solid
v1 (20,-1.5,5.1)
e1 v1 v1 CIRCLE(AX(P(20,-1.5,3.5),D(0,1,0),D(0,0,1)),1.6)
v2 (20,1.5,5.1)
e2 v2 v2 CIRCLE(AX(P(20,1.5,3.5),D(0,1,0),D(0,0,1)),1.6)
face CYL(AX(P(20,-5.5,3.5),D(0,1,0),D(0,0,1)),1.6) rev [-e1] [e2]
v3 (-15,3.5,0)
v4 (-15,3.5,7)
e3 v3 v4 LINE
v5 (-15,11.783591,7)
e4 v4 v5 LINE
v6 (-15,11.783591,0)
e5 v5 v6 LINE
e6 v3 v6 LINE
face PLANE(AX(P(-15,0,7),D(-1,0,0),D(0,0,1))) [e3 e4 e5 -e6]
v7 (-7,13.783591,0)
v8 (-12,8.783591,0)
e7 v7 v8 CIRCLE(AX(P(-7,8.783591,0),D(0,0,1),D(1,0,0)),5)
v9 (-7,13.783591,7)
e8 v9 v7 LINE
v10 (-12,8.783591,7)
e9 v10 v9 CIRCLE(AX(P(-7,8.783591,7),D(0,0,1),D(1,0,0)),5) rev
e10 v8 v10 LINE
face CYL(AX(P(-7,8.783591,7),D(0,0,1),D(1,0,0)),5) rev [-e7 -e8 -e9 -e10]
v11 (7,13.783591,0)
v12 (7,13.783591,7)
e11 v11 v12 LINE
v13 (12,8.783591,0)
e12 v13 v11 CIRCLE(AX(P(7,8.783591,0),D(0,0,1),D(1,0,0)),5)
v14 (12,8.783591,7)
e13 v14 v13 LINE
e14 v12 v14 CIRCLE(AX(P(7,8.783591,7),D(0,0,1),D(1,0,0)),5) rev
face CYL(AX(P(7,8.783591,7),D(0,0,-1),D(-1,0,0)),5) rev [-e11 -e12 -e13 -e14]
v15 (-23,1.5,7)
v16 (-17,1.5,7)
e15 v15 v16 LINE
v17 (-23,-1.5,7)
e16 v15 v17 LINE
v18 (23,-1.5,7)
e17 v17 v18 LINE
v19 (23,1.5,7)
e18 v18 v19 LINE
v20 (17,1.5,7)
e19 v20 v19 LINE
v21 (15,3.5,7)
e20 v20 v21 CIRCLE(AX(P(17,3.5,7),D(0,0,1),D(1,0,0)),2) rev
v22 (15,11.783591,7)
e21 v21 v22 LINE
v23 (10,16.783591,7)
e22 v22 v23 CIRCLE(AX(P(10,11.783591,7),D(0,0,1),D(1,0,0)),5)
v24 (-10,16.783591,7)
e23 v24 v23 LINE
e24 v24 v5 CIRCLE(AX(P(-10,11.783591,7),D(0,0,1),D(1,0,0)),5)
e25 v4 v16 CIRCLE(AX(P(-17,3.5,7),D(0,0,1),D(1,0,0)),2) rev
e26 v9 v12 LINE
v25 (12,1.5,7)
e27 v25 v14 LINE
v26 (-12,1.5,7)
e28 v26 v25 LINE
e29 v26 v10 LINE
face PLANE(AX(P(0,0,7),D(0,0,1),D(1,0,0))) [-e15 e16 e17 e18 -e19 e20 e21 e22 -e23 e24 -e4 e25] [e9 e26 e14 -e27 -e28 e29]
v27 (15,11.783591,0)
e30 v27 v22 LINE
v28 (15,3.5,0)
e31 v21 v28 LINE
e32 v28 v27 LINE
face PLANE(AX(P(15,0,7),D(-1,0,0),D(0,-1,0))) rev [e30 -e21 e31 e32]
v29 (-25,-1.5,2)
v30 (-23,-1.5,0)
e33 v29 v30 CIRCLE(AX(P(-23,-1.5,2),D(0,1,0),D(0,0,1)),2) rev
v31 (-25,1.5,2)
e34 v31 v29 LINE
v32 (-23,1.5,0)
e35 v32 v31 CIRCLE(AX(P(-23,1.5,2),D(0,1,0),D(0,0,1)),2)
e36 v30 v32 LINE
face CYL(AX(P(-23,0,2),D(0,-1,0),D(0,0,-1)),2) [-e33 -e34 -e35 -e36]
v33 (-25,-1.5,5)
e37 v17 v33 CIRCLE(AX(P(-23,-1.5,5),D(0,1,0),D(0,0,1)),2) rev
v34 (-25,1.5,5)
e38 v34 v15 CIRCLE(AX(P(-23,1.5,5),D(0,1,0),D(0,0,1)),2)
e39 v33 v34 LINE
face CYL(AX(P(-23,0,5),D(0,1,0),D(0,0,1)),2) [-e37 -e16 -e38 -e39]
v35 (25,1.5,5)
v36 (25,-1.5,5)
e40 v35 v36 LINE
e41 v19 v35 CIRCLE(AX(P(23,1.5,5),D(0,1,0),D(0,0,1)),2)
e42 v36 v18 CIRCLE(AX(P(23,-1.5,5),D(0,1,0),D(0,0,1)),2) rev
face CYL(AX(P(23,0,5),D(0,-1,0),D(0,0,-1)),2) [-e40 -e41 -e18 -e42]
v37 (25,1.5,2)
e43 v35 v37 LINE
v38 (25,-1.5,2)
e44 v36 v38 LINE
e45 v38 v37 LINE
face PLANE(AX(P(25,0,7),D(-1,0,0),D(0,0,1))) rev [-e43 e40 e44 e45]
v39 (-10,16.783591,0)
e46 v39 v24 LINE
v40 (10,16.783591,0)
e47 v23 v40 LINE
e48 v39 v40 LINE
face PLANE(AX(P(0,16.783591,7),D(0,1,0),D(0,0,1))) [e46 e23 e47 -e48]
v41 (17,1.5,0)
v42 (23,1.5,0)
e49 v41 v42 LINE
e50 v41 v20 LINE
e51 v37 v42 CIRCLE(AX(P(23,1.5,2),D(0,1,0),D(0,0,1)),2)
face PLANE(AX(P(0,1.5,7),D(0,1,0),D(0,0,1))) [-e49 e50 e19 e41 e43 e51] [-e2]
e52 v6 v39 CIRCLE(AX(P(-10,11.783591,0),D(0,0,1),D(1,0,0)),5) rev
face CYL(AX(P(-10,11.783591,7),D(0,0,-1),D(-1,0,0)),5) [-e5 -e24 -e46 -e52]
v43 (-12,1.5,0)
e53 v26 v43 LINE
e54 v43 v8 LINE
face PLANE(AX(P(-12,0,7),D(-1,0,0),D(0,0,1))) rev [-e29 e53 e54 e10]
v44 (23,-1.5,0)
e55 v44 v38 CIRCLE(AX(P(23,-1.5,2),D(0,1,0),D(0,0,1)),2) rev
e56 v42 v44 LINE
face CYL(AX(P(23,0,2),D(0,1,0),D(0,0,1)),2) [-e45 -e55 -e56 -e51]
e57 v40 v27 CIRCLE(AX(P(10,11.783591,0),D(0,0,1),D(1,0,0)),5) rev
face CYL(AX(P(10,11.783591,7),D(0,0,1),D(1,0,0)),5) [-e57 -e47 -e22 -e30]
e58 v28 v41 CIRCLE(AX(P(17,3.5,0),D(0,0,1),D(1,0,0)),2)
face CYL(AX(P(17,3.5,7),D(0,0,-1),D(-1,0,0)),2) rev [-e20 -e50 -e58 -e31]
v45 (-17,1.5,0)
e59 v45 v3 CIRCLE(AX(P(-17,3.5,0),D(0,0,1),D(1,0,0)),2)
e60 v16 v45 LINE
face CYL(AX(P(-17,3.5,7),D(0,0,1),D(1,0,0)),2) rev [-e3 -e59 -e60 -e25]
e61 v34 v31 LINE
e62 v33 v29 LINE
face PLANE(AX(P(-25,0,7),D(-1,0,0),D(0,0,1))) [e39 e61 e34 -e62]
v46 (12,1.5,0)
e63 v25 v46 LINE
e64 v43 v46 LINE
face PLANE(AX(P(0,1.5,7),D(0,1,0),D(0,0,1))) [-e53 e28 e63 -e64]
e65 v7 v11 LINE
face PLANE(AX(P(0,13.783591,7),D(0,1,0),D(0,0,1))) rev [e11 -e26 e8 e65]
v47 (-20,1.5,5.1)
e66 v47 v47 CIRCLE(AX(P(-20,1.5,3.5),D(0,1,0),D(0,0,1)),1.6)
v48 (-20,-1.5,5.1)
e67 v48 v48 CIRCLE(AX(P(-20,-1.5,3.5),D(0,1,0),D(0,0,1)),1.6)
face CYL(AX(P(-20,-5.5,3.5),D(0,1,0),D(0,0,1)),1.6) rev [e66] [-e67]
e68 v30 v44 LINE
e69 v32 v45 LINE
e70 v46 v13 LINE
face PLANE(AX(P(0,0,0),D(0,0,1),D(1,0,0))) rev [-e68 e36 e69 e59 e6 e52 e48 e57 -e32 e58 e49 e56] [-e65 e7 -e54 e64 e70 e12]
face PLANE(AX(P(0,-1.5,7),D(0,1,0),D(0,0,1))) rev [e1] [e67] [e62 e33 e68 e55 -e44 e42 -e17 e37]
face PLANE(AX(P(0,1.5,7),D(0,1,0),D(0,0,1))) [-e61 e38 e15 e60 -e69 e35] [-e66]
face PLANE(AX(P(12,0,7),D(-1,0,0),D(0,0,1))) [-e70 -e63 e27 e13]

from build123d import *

# Parameters (mm, degrees)
BOSS_EXTRUDE1_DEPTH = 7
SKETCH3_R           = 1.6
CUT_EXTRUDE1_DEPTH  = 7
FILLET1_R           = 5
FILLET2_R           = 2


with BuildPart() as part:
    # Sketch2 → Boss-Extrude1 (new body)
    with BuildSketch(Plane.XY):
        Polygon((-25, 1.5), (-25, -1.5), (25, -1.5), (25, 1.5), (15, 1.5), (12, 1.5), (-12, 1.5), (-15, 1.5), align=None)
        Polygon((-15, 16.783591394), (-15, 1.5), (-12, 1.5), (-12, 13.783591394), (12, 13.783591394), (12, 1.5), (15, 1.5), (15, 16.783591394), align=None)
    extrude(amount=BOSS_EXTRUDE1_DEPTH)

    # Sketch3 → Cut-Extrude1 (cut)
    with BuildSketch(Plane(origin=(0, 1.5, 0), x_dir=(1, 0, 0), z_dir=(0, 1, 0))):
        with Locations(Location((-20, -3.5, 0), (0, 0, 270))):
            Circle(SKETCH3_R)
        with Locations(Location((20, -3.5, 0), (0, 0, 270))):
            Circle(SKETCH3_R)
    extrude(amount=-CUT_EXTRUDE1_DEPTH, mode=Mode.SUBTRACT)

    # Fillet1
    fillet1_edges = [part.edges().sort_by_distance(p)[0] for p in [
        (-15, 16.783591394, 3.5),
        (15, 16.783591394, 3.5),
        (12, 13.783591394, 3.5),
        (-12, 13.783591394, 3.5),
    ]]
    fillet(fillet1_edges, radius=FILLET1_R)

    # Fillet2
    fillet2_edges = [part.edges().sort_by_distance(p)[0] for p in [
        (-25, 0, 0),
        (25, 0, 0),
        (-15, 1.5, 3.5),
        (15, 1.5, 3.5),
        (25, 0, 7),
        (-25, 0, 7),
    ]]
    fillet(fillet2_edges, radius=FILLET2_R)


solid = part.part
